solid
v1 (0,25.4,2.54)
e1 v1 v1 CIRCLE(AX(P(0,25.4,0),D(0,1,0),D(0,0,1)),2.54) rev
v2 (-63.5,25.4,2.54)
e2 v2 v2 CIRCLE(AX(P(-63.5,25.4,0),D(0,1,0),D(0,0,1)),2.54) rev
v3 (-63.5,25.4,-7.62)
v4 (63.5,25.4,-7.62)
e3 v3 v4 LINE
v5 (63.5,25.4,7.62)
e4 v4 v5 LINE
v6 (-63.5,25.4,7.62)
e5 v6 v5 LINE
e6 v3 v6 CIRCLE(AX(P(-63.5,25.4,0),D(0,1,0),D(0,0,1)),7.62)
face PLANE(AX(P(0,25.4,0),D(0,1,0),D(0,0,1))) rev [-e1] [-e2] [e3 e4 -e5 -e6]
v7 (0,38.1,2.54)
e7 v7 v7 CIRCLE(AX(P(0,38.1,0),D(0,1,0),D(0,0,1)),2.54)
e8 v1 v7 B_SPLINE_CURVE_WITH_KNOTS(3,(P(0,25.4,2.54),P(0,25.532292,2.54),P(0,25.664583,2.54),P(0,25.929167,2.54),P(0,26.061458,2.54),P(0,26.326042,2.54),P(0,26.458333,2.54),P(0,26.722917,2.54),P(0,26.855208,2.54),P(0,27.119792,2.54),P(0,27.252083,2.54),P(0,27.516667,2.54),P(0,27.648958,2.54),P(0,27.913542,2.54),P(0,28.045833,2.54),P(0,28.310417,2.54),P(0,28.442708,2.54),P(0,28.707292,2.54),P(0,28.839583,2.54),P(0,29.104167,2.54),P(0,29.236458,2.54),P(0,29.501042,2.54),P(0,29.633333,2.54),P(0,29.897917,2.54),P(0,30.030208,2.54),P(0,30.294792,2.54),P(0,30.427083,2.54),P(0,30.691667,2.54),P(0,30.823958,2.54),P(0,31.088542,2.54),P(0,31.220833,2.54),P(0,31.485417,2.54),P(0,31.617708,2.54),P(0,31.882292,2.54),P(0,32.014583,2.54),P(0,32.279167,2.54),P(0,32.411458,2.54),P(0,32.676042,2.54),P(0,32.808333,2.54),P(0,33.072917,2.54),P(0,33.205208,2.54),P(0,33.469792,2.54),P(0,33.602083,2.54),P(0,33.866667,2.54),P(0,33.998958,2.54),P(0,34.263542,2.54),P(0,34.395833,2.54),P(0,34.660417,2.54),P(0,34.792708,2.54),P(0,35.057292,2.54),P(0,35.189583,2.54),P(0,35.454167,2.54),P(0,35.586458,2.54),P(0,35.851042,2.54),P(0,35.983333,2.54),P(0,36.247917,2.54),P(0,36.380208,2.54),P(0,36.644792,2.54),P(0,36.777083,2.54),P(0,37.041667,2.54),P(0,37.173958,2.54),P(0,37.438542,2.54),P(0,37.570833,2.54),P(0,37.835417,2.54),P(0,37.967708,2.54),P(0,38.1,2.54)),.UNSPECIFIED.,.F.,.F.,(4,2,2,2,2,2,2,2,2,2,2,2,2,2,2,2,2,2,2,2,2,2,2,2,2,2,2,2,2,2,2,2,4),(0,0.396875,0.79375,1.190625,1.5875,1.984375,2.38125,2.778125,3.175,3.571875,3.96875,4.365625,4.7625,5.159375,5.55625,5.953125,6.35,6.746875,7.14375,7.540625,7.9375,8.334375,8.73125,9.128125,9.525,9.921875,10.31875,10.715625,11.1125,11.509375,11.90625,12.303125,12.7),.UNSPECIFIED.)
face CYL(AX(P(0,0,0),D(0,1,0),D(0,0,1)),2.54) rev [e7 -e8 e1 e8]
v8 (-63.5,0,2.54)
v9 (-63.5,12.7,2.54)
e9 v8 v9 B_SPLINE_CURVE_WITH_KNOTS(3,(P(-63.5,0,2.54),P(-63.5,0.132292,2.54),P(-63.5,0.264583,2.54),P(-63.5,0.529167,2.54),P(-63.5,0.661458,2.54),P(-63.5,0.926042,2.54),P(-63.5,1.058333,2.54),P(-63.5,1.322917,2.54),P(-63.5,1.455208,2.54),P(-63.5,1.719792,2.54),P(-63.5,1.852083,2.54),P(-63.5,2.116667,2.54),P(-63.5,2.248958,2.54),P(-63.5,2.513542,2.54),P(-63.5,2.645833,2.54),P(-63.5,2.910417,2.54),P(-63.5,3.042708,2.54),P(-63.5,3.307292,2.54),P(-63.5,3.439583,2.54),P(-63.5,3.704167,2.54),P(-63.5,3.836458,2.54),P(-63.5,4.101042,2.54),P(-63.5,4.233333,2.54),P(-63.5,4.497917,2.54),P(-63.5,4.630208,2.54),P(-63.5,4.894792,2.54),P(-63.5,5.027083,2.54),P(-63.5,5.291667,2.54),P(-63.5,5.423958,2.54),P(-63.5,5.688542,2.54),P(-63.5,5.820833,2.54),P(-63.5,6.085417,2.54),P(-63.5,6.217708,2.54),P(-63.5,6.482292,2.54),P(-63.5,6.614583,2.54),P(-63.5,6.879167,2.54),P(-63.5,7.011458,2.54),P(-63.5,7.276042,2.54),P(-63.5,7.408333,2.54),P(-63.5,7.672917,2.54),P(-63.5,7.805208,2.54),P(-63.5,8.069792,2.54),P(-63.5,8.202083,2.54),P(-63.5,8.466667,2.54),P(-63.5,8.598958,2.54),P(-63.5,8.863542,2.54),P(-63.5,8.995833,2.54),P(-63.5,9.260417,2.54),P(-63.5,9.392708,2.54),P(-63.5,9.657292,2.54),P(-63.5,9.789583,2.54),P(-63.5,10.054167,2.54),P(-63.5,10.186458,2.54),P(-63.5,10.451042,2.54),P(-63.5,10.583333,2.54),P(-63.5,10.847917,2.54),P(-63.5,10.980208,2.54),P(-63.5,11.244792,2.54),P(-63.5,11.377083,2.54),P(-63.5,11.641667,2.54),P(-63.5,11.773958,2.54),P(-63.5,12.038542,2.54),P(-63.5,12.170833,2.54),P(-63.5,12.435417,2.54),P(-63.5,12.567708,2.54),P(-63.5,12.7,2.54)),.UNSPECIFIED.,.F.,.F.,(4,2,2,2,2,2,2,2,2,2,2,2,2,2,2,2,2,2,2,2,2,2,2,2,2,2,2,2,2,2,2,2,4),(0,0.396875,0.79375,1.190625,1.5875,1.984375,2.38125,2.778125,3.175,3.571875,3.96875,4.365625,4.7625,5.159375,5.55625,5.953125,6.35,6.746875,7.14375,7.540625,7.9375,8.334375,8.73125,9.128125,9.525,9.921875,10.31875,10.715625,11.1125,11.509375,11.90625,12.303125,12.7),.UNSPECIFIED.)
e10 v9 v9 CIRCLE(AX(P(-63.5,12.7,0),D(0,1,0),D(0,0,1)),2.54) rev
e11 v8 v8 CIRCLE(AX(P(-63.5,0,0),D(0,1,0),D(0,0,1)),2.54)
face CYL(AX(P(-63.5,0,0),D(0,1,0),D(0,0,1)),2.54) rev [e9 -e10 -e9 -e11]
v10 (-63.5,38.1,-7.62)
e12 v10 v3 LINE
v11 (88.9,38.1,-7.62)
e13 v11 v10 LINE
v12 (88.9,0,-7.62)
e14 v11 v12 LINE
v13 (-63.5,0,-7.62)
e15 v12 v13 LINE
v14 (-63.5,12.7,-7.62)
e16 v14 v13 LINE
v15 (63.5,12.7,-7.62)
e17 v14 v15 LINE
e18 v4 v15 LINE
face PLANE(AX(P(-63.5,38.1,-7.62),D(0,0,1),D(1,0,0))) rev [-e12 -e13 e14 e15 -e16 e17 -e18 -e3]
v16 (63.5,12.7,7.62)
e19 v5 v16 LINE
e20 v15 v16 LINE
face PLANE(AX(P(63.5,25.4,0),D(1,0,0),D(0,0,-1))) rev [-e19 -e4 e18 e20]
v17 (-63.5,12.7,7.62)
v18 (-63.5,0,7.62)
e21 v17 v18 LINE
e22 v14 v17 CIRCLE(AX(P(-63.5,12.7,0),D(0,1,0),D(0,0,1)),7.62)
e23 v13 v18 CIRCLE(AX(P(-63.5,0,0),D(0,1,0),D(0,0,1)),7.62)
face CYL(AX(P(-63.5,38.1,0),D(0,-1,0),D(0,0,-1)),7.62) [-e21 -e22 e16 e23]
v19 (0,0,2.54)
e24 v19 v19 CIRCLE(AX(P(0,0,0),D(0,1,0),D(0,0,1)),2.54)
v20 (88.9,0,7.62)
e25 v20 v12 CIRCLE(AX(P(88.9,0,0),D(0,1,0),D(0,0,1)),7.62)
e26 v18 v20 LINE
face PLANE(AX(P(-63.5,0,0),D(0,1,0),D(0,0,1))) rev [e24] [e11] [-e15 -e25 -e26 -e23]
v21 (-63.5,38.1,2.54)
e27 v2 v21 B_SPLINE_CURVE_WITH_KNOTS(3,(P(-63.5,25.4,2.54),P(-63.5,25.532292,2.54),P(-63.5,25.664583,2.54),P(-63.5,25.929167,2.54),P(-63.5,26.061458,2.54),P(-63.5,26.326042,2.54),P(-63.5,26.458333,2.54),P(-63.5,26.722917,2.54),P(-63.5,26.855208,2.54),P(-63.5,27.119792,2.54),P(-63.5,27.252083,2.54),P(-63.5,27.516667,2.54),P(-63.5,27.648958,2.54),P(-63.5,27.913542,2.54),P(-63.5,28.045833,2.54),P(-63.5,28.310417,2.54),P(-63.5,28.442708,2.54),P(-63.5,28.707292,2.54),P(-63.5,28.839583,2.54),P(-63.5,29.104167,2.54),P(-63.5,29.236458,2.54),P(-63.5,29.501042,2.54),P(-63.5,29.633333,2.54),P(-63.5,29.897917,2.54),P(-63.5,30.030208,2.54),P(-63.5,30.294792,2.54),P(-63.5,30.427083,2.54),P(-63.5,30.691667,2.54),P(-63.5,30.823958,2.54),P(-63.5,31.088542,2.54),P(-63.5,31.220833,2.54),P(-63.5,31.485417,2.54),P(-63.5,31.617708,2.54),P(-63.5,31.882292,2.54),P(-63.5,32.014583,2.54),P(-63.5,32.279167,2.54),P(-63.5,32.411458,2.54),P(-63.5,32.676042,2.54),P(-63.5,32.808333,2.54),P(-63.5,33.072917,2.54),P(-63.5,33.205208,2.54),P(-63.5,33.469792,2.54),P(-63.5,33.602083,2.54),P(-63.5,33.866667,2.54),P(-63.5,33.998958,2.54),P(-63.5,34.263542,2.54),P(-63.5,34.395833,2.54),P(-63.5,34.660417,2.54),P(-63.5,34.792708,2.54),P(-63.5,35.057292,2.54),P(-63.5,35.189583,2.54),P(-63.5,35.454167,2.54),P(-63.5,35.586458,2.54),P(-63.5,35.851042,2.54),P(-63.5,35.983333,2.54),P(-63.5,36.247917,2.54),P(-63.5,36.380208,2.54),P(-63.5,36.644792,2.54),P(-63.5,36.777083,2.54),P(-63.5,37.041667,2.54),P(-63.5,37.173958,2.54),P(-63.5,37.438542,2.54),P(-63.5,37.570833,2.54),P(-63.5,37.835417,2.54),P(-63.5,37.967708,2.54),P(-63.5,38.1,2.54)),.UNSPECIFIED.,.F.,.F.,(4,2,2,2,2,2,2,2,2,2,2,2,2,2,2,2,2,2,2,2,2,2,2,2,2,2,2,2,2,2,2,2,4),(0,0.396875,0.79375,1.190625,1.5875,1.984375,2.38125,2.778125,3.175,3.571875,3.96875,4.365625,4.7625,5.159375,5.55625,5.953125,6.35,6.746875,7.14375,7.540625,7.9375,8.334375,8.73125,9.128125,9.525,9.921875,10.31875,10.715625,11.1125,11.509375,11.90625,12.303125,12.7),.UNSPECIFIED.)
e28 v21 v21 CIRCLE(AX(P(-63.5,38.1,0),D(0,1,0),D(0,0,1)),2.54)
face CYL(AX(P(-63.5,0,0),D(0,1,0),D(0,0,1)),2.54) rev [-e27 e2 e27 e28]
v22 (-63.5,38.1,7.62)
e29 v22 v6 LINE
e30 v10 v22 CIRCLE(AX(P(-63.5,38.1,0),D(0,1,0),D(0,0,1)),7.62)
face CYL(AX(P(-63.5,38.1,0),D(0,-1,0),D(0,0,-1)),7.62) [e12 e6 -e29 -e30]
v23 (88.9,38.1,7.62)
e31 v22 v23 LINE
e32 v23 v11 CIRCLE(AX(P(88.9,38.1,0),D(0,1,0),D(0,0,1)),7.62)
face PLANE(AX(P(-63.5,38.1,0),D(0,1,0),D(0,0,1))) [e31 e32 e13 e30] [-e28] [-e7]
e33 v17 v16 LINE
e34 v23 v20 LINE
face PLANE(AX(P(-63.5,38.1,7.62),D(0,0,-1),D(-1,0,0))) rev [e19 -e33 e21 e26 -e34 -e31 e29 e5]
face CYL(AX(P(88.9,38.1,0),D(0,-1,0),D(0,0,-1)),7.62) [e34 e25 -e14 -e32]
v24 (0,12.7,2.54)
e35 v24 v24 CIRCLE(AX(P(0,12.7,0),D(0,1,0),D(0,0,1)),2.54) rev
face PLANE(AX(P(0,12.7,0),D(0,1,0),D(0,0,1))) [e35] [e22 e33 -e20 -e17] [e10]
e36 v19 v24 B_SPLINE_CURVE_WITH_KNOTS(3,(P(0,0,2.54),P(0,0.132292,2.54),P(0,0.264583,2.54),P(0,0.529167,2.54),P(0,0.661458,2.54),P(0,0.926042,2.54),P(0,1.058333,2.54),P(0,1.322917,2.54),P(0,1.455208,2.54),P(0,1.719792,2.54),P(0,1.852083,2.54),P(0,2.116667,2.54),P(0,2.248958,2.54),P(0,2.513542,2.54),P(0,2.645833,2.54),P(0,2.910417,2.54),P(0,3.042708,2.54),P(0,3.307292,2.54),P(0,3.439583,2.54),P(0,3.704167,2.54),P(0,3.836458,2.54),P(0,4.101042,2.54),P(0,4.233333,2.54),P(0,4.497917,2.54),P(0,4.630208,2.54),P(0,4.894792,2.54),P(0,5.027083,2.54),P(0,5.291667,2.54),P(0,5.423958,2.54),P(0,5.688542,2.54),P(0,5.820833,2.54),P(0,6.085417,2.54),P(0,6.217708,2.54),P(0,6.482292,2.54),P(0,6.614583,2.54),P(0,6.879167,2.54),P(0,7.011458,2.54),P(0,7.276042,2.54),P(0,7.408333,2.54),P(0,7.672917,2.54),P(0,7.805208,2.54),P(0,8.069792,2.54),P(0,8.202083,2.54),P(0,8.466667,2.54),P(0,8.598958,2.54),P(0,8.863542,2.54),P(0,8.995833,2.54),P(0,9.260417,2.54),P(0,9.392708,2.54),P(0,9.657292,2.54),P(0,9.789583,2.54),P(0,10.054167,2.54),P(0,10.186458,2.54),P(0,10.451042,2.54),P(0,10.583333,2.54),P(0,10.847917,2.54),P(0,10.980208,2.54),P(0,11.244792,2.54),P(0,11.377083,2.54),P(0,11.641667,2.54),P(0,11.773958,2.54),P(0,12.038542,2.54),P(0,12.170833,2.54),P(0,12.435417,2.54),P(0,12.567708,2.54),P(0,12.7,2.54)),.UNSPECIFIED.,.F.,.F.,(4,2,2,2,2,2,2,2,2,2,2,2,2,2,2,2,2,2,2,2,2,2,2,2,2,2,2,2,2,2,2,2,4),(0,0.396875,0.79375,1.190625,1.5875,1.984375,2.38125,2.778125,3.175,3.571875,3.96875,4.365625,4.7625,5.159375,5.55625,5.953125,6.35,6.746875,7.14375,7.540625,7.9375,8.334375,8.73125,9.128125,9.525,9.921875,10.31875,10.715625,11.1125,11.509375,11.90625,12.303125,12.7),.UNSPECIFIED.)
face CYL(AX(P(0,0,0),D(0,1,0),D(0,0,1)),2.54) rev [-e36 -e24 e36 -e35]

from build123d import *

# Parameters (mm, degrees)
BOSS_EXTRUDE1_DEPTH     = 38.1
SKETCH4_R               = 2.54
CUT_EXTRUDE3_DEPTH      = 105.047031673
CUT_EXTRUDE4_DEPTH      = 6.35
CUT_EXTRUDE4_DEPTH_BACK = 6.35


with BuildPart() as part:
    # Sketch3 → Boss-Extrude1 (new body)
    with BuildSketch(Plane(origin=(0, 0, 0), x_dir=(1, 0, 0), z_dir=(0, 1, 0))):
        with BuildLine():
            Line((-63.5, 7.62), (88.9, 7.62))
            ThreePointArc((88.9, 7.62), (96.52, 0), (88.9, -7.62))
            Line((88.9, -7.62), (-63.5, -7.62))
            ThreePointArc((-63.5, -7.62), (-71.12, 0), (-63.5, 7.62))
        make_face()
    extrude(amount=BOSS_EXTRUDE1_DEPTH)

    # Sketch4 → Cut-Extrude3 (cut, through all)
    with BuildSketch(Plane(origin=(0, 38.1, 0), x_dir=(1, 0, 0), z_dir=(0, 1, 0))):
        with Locations(Location((-63.5, 0, 0), (0, 0, 270))):
            Circle(SKETCH4_R)
        with Locations(Location((0, 0, 0), (0, 0, 270))):
            Circle(SKETCH4_R)
    extrude(amount=-CUT_EXTRUDE3_DEPTH, mode=Mode.SUBTRACT)

    # Sketch5 → Cut-Extrude4 (cut, two sides: drawn at the far end of the back side and taken through both)
    with BuildSketch(Plane(origin=(0, 19.05, 0), x_dir=(1, 0, 0), z_dir=(0, 1, 0)).offset(-CUT_EXTRUDE4_DEPTH_BACK)):
        with BuildLine():
            Line((31.75, 7.62), (-63.5, 7.62))
            ThreePointArc((-63.5, 7.62), (-71.12, 0), (-63.5, -7.62))
            Line((-63.5, -7.62), (0, -7.62))
            Line((0, -7.62), (63.5, -7.62))
            Line((63.5, -7.62), (63.5, 7.62))
            Line((63.5, 7.62), (31.75, 7.62))
        make_face()
    extrude(amount=CUT_EXTRUDE4_DEPTH + CUT_EXTRUDE4_DEPTH_BACK, mode=Mode.SUBTRACT)


solid = part.part
